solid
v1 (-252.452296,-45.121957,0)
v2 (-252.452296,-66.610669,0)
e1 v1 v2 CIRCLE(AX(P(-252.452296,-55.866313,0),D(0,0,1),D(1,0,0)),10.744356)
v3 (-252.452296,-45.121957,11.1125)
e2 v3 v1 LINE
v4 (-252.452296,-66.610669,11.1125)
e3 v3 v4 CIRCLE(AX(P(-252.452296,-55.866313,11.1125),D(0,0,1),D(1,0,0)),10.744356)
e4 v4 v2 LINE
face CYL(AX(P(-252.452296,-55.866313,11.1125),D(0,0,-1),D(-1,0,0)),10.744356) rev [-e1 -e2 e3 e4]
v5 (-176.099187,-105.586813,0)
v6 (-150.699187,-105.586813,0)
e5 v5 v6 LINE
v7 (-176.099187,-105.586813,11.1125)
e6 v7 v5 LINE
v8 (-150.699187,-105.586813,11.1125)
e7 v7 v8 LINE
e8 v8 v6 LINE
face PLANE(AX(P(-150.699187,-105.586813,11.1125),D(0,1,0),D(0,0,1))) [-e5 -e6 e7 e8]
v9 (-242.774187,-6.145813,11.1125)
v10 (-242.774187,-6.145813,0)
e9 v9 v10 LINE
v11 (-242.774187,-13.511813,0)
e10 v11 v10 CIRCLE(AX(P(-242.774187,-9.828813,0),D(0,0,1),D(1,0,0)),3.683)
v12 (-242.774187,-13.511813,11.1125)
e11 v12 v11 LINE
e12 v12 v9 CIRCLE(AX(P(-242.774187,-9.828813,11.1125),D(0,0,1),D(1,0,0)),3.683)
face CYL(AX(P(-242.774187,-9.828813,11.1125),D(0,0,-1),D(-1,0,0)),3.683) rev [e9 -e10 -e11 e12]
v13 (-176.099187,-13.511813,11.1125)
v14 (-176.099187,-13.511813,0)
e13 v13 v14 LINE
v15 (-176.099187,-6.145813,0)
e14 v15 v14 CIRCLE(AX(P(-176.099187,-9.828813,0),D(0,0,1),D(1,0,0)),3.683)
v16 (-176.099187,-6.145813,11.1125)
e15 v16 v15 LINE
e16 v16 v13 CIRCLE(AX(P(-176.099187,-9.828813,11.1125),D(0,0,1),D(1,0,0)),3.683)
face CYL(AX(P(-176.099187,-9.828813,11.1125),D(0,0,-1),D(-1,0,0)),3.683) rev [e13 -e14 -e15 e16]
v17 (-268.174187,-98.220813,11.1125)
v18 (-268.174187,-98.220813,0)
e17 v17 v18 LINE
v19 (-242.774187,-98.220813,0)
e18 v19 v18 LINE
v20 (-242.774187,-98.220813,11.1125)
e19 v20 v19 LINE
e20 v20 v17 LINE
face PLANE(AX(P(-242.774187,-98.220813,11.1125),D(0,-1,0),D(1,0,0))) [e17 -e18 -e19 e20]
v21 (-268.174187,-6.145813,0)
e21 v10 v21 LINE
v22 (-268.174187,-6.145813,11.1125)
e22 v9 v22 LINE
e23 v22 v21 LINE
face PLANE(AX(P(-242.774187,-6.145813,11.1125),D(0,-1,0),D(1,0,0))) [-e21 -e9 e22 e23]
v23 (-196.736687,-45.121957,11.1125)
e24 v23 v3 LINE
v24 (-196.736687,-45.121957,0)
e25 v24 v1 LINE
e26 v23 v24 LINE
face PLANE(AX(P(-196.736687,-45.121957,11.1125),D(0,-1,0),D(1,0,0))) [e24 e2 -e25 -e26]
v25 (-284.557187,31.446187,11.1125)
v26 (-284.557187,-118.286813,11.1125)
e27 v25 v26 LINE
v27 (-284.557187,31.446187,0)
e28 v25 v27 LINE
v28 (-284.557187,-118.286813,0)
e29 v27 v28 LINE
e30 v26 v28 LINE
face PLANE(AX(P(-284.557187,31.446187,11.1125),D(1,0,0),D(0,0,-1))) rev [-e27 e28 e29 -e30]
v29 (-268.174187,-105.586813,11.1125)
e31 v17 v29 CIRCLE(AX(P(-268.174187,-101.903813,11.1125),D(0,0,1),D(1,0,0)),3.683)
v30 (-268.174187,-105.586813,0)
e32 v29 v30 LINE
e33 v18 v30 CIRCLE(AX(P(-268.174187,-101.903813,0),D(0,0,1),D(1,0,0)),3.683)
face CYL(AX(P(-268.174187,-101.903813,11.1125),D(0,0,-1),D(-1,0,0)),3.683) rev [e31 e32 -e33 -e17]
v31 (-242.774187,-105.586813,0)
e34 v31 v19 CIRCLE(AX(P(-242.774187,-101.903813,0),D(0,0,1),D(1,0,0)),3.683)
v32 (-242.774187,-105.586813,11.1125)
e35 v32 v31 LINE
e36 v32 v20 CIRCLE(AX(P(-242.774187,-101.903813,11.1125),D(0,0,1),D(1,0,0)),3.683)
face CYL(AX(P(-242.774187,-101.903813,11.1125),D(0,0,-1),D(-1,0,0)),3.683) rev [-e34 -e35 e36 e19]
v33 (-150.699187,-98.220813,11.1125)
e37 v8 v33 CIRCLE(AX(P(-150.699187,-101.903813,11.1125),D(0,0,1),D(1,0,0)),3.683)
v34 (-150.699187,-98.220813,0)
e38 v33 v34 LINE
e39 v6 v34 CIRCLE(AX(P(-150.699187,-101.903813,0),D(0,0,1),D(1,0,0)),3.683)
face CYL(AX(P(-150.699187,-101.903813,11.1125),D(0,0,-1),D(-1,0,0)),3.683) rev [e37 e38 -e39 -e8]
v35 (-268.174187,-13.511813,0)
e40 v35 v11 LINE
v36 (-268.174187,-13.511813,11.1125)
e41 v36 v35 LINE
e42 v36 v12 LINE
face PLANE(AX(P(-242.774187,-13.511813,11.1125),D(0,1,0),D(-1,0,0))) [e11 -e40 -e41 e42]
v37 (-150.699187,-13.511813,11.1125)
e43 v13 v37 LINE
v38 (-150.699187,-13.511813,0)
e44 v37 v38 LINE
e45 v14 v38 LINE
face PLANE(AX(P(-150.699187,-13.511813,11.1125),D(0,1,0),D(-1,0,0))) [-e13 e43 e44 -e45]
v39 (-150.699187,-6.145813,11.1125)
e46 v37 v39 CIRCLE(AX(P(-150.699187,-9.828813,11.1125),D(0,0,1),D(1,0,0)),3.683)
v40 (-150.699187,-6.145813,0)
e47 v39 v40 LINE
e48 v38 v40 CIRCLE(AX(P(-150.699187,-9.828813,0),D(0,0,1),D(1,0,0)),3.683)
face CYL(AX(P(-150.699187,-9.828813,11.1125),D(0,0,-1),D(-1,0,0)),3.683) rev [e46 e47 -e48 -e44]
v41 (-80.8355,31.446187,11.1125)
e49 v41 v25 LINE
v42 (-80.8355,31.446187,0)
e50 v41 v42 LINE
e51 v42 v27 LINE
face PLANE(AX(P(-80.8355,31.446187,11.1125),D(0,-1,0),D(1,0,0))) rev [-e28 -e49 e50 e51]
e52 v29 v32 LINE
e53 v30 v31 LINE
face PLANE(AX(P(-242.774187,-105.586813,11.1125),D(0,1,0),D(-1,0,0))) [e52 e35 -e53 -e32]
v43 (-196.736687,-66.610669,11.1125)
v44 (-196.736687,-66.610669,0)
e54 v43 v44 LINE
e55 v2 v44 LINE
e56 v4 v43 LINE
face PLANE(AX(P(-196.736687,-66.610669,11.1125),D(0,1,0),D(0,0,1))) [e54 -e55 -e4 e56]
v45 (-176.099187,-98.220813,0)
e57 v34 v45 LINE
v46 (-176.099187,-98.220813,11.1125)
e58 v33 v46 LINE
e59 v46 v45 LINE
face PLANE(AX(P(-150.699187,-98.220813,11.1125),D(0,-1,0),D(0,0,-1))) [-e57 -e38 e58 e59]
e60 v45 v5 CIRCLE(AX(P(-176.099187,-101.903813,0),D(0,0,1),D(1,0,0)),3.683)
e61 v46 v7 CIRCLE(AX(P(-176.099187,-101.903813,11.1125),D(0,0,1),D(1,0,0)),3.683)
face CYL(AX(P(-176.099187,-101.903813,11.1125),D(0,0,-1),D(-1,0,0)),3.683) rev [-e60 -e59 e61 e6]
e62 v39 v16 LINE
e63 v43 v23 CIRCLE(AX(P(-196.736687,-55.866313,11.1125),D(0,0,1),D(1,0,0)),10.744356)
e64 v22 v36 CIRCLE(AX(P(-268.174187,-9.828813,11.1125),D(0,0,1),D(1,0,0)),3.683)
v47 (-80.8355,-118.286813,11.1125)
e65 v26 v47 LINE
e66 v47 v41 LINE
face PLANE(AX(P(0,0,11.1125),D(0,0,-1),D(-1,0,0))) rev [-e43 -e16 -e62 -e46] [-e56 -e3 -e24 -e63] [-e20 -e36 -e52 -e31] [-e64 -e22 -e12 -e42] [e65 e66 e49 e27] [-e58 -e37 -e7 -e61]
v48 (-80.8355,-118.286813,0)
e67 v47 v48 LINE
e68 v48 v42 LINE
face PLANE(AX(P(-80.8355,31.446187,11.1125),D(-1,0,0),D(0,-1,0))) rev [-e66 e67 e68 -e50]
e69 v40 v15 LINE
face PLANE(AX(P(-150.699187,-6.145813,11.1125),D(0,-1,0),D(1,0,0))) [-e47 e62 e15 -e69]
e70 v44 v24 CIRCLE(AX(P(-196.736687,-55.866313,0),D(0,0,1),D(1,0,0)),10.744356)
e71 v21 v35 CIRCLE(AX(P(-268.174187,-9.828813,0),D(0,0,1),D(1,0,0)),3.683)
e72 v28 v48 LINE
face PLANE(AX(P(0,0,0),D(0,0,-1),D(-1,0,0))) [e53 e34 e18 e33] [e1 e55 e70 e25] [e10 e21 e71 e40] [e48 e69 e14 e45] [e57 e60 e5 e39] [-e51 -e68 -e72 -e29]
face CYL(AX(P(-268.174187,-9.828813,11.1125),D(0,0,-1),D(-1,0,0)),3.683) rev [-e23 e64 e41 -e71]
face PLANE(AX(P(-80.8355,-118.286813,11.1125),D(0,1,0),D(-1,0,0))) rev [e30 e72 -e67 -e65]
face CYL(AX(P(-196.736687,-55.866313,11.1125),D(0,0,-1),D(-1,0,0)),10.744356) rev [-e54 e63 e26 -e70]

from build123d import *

# Parameters (mm, degrees)
SKETCH1_W           = 203.721686737
SKETCH1_H           = 149.733
BOSS_EXTRUDE1_DEPTH = 11.1125


with BuildPart() as part:
    # Sketch1 → Boss-Extrude1 (new body)
    with BuildSketch(Plane.XY):
        with Locations((-182.696343369, -43.420313263)):
            Rectangle(SKETCH1_W, SKETCH1_H)
        with BuildLine():
            Line((-242.774186737, -105.586813263), (-268.174186737, -105.586813263))
            ThreePointArc((-268.174186737, -105.586813263), (-271.857186737, -101.903813263), (-268.174186737, -98.220813263))
            Line((-268.174186737, -98.220813263), (-242.774186737, -98.220813263))
            ThreePointArc((-242.774186737, -98.220813263), (-239.091186737, -101.903813263), (-242.774186737, -105.586813263))
        make_face(mode=Mode.SUBTRACT)
        with BuildLine():
            Line((-242.774186737, -13.511813263), (-268.174186737, -13.511813263))
            ThreePointArc((-268.174186737, -13.511813263), (-271.857186737, -9.828813263), (-268.174186737, -6.145813263))
            Line((-268.174186737, -6.145813263), (-242.774186737, -6.145813263))
            ThreePointArc((-242.774186737, -6.145813263), (-239.091186737, -9.828813263), (-242.774186737, -13.511813263))
        make_face(mode=Mode.SUBTRACT)
        with BuildLine():
            Line((-150.699186737, -13.511813263), (-176.099186737, -13.511813263))
            ThreePointArc((-176.099186737, -13.511813263), (-179.782186737, -9.828813263), (-176.099186737, -6.145813263))
            Line((-176.099186737, -6.145813263), (-150.699186737, -6.145813263))
            ThreePointArc((-150.699186737, -6.145813263), (-147.016186737, -9.828813263), (-150.699186737, -13.511813263))
        make_face(mode=Mode.SUBTRACT)
        with BuildLine():
            Line((-150.699186737, -105.586813263), (-176.099186737, -105.586813263))
            ThreePointArc((-176.099186737, -105.586813263), (-179.782186737, -101.903813263), (-176.099186737, -98.220813263))
            Line((-176.099186737, -98.220813263), (-150.699186737, -98.220813263))
            ThreePointArc((-150.699186737, -98.220813263), (-147.016186737, -101.903813263), (-150.699186737, -105.586813263))
        make_face(mode=Mode.SUBTRACT)
        with BuildLine():
            Line((-196.736686737, -66.610669433), (-252.452295744, -66.610669433))
            ThreePointArc((-252.452295744, -66.610669433), (-263.196651914, -55.866313263), (-252.452295744, -45.121957093))
            Line((-252.452295744, -45.121957093), (-196.736686737, -45.121957093))
            ThreePointArc((-196.736686737, -45.121957093), (-185.992330568, -55.866313263), (-196.736686737, -66.610669433))
        make_face(mode=Mode.SUBTRACT)
    extrude(amount=BOSS_EXTRUDE1_DEPTH)


solid = part.part
